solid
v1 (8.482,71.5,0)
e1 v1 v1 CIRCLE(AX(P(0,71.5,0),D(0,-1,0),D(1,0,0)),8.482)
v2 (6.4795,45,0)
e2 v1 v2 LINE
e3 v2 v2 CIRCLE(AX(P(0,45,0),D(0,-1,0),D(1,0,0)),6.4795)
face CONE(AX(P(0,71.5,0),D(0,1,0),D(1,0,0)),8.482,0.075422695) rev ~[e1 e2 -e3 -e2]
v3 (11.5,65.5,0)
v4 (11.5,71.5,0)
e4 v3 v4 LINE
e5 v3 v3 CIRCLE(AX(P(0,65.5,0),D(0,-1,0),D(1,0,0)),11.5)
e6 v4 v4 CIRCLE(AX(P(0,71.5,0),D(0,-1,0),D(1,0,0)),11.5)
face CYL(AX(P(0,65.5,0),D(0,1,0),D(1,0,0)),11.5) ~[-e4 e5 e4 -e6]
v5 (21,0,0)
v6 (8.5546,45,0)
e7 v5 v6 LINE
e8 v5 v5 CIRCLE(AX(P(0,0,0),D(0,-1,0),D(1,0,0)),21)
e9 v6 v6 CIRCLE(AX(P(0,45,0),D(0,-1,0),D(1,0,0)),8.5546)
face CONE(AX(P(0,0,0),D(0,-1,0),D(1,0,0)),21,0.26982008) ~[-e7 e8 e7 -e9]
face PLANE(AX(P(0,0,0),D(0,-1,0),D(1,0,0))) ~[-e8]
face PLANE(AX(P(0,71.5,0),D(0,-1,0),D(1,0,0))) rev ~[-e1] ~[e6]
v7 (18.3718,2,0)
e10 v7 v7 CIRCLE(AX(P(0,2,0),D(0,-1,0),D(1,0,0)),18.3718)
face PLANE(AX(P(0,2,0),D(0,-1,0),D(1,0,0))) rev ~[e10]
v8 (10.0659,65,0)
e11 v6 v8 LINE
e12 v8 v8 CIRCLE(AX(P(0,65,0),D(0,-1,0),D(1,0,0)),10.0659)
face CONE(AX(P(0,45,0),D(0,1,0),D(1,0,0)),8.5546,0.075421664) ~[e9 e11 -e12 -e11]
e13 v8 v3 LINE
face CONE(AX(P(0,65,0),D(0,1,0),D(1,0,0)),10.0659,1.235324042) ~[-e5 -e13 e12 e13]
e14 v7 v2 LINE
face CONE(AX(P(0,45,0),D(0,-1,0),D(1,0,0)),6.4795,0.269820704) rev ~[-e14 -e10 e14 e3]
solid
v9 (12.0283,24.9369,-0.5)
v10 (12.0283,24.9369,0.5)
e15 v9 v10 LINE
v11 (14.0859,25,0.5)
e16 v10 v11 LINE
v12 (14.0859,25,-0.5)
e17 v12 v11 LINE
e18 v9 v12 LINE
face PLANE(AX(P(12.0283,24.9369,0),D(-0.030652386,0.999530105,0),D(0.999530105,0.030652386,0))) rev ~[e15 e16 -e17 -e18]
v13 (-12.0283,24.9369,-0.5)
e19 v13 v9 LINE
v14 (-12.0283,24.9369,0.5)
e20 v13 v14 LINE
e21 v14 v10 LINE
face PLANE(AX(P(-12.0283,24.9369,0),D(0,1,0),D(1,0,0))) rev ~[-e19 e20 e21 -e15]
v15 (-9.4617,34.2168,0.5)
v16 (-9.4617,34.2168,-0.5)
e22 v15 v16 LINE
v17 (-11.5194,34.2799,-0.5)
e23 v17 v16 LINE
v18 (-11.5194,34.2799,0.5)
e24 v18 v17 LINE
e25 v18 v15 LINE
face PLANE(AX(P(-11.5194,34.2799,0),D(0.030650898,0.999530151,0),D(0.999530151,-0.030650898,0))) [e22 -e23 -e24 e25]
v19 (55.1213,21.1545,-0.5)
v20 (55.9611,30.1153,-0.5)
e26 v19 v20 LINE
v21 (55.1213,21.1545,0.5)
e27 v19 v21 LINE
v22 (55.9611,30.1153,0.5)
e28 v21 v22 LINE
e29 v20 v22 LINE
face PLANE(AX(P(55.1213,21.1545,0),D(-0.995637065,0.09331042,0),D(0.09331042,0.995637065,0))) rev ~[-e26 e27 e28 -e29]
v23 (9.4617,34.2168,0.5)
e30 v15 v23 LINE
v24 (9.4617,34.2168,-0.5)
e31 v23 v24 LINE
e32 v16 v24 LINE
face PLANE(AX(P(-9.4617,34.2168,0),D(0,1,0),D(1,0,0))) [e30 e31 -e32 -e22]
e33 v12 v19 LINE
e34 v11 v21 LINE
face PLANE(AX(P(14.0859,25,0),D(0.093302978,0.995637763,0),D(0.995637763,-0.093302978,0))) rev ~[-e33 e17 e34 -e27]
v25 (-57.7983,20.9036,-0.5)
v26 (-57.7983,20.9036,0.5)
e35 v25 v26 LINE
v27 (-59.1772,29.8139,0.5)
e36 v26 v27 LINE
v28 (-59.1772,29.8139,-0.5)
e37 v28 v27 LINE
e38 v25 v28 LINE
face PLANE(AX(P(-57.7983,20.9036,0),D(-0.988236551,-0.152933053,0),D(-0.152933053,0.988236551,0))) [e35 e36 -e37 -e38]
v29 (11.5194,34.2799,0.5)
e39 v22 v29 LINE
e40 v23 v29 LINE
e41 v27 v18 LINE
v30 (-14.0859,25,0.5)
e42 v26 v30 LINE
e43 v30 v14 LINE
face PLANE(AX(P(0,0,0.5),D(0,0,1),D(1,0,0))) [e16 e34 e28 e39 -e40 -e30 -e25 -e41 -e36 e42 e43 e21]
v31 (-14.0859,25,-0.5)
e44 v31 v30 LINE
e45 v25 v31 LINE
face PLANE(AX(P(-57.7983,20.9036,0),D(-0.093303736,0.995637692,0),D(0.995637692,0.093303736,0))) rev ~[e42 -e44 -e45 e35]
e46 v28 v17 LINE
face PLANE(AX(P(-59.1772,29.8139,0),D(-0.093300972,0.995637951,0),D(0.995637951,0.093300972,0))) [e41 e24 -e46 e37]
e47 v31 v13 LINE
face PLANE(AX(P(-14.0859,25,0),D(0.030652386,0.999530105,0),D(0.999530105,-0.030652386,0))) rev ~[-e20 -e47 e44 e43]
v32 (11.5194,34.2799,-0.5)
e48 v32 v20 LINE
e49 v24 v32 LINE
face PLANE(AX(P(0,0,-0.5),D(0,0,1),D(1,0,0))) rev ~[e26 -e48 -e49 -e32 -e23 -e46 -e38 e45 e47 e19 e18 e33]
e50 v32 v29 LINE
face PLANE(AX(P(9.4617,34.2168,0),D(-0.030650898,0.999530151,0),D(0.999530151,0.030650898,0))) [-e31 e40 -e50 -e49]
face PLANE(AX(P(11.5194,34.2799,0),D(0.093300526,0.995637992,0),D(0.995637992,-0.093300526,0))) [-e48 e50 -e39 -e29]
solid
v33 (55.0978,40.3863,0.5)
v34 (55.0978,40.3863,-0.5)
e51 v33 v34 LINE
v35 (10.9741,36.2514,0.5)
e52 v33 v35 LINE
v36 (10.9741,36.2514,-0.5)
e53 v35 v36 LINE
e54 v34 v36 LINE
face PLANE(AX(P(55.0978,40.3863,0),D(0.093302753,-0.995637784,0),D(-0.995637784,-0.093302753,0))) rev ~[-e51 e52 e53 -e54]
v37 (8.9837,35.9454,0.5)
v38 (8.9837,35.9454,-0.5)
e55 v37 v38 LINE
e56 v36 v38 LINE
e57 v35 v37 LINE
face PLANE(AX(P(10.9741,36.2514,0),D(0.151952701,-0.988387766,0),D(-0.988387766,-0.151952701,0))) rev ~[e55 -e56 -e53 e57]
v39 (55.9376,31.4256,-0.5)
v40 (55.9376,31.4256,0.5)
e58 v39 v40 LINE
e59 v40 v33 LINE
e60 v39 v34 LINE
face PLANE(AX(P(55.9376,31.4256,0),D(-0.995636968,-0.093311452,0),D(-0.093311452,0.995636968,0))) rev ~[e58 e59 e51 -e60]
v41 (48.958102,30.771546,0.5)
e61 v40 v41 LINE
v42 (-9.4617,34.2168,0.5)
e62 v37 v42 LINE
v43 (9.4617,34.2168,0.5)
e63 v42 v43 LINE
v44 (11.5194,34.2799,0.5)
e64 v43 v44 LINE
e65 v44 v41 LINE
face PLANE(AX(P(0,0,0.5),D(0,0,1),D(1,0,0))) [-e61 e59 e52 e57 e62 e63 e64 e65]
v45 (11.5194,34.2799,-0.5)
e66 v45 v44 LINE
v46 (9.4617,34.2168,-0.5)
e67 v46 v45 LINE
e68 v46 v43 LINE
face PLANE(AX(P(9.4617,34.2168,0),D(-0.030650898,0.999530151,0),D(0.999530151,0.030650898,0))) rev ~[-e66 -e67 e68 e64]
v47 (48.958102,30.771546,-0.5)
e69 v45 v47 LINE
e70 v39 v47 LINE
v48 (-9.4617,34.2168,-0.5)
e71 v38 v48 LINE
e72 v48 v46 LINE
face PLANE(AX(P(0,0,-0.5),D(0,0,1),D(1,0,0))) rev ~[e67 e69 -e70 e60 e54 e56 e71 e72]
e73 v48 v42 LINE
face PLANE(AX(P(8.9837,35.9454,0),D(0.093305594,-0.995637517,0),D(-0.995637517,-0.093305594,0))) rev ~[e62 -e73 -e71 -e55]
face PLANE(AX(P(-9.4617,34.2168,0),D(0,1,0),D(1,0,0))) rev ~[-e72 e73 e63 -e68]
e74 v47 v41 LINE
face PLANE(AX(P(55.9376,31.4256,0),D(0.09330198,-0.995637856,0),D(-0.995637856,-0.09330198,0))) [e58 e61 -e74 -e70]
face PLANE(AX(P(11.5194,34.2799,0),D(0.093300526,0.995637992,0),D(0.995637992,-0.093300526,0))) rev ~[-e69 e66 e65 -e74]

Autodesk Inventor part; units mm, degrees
ref_plane "YZ Plane" through (0, 0, 0) normal (1, 0, 0) x (0, 1, 0)
ref_plane "XZ Plane" through (0, 0, 0) normal (0, 1, 0) x (-1, 0, 0)
ref_plane "XY Plane" through (0, 0, 0) normal (0, 0, 1) x (1, 0, 0)
sketch "Эскиз1" plane through (0, 0, 0) normal (0, 0, 1) x (1, 0, 0)
  line L0 (-59.1772, 29.8139) -> (-11.5194, 34.2799)
  line L1 (-11.5194, 34.2799) -> (-9.4617, 34.2168)
  line L2 (-9.4617, 34.2168) -> (9.4617, 34.2168)
  line L3 (4.1486, 29.9467) -> (-11.5194, 34.2799) construction
  line L4 (5.2614, 30.1449) -> (-9.4617, 34.2168) construction
  line L5 (-8.6873, 29.1974) -> (9.4617, 34.2168) construction
  line L6 (9.4617, 34.2168) -> (11.5194, 34.2799)
  line L7 (11.5194, 34.2799) -> (55.9611, 30.1153)
  line L8 (11.5194, 34.2799) -> (-7.5026, 29.0191) construction
  line L9 (-57.7983, 20.9036) -> (-14.0859, 25)
  line L10 (-14.0859, 25) -> (-12.0283, 24.9369)
  line L11 (-12.0283, 24.9369) -> (12.0283, 24.9369)
  line L12 (12.0283, 24.9369) -> (14.0859, 25)
  line L13 (14.0859, 25) -> (55.1213, 21.1545)
  line L14 (1.508, 20.6873) -> (-14.0859, 25) construction
  line L15 (2.624, 20.8846) -> (-12.0283, 24.9369) construction
  line L16 (-5.9804, 19.9563) -> (12.0283, 24.9369) construction
  line L17 (-4.7984, 19.7773) -> (14.0859, 25) construction
  line L18 (0, 0) -> (21, 0)
  line L19 (21, 0) -> (8.5546, 45)
  line L20 (8.5546, 45) -> (10.0659, 65)
  line L21 (11.5, 65.5) -> (11.5, 71.5)
  line L22 (11.5, 71.5) -> (8.482, 71.5)
  line L23 (8.482, 71.5) -> (6.4795, 45)
  line L24 (6.4795, 45) -> (18.3718, 2)
  line L25 (18.3718, 2) -> (0, 2)
  line L26 (0, -7.6494) -> (0, -31.8354)
  line L27 (10.0659, 65) -> (11.5, 65.5)
  line L28 (0, 0) -> (-21, 0)
  line L29 (-21, 0) -> (-8.5546, 45)
  line L30 (-8.5546, 45) -> (-10.0659, 65)
  line L31 (-11.5, 65.5) -> (-11.5, 71.5)
  line L32 (-11.5, 71.5) -> (-8.482, 71.5)
  line L33 (-8.482, 71.5) -> (-6.4795, 45)
  line L34 (-6.4795, 45) -> (-18.3718, 2)
  line L35 (-18.3718, 2) -> (0, 2)
  line L36 (-10.0659, 65) -> (-11.5, 65.5)
  line L37 (55.0978, 40.3863) -> (10.9741, 36.2514)
  line L38 (55.9376, 31.4256) -> (13.411, 27.4404)
  line L39 (10.9741, 36.2514) -> (8.9837, 35.9454)
  line L40 (13.411, 27.4404) -> (11.4205, 27.1343)
  line L41 (11.4205, 27.1343) -> (-12.0283, 24.9369)
  line L42 (8.9837, 35.9454) -> (-9.4617, 34.2168)
  line L43 (55.9376, 31.4256) -> (55.0978, 40.3863)
  line L44 (55.1213, 21.1545) -> (55.9611, 30.1153)
  line L45 (-57.7983, 20.9036) -> (-59.1772, 29.8139)
  line L46 (0, 2) -> (0, 0)
  point P0 (48.958, 30.7715)
  dimension "Fall11" = 20.813
  dimension "d2" = 13.703
  dimension "Fall12" = 13.703
  dimension "d6" = 15.46
  dimension "Fall13" = 15.46
  dimension "d8" = 13.703
  dimension "Fall14" = 13.703
  dimension "d10" = 20.813
  dimension "Fall21" = 20.813
  dimension "d12" = 13.703
  dimension "Fall22" = 13.703
  dimension "d14" = 15.46
  dimension "Fall23" = 15.46
  dimension "d16" = 13.703
  dimension "Fall24" = 13.703
  dimension "d18" = 20.813
  dimension "d24" = 9
  dimension "d25" = 360
  dimension "d26" = 9.6283
  dimension "d27" = 2
  dimension "d28" = 2
  dimension "d29" = 21
  dimension "d30" = 12.959
  dimension "d31" = 16.964
  dimension "d32" = 11.5
  dimension "d33" = 0.5
  dimension "d34" = 6
  dimension "d35" = 20
  dimension "d36" = 45
  dimension "d37" = 25
  dimension "d38" = 69.187
revolve "Вращение1" add sketch "Эскиз1" angle 360 about axis through (0, -7.6494, 0) along (0, -1, 0) contours L24 L39 L19 L6 | L6 L19 L40 L24 | L24 L23 L22 L21 L27 L20 L19 L39 | L40 L19 L12 L24 | L12 L19 L18 L46 L25 L24
extrude "Выдавливание1" add sketch "Эскиз1" along normal mid plane 1 separate body contours L0 L29 L9 L45 | L1 L34 L10 L29 | L2 L24 L41 L34 | L6 L19 L40 L24 | L41 L24 L11 | L7 L38 L19 | L40 L19 L12 L24 | L7 L44 L13 L19 L38
extrude "Выдавливание2" add sketch "Эскиз1" along normal mid plane 1 separate body contours L42 L24 L2 | L24 L39 L19 L6 | L19 L37 L43 L38 L7
equation "\"n2\" = 1.5"
equation "\"n3\" = 1.333"
properties part number "Симуляция преломления в конической колбе в зависимости от высоты"
